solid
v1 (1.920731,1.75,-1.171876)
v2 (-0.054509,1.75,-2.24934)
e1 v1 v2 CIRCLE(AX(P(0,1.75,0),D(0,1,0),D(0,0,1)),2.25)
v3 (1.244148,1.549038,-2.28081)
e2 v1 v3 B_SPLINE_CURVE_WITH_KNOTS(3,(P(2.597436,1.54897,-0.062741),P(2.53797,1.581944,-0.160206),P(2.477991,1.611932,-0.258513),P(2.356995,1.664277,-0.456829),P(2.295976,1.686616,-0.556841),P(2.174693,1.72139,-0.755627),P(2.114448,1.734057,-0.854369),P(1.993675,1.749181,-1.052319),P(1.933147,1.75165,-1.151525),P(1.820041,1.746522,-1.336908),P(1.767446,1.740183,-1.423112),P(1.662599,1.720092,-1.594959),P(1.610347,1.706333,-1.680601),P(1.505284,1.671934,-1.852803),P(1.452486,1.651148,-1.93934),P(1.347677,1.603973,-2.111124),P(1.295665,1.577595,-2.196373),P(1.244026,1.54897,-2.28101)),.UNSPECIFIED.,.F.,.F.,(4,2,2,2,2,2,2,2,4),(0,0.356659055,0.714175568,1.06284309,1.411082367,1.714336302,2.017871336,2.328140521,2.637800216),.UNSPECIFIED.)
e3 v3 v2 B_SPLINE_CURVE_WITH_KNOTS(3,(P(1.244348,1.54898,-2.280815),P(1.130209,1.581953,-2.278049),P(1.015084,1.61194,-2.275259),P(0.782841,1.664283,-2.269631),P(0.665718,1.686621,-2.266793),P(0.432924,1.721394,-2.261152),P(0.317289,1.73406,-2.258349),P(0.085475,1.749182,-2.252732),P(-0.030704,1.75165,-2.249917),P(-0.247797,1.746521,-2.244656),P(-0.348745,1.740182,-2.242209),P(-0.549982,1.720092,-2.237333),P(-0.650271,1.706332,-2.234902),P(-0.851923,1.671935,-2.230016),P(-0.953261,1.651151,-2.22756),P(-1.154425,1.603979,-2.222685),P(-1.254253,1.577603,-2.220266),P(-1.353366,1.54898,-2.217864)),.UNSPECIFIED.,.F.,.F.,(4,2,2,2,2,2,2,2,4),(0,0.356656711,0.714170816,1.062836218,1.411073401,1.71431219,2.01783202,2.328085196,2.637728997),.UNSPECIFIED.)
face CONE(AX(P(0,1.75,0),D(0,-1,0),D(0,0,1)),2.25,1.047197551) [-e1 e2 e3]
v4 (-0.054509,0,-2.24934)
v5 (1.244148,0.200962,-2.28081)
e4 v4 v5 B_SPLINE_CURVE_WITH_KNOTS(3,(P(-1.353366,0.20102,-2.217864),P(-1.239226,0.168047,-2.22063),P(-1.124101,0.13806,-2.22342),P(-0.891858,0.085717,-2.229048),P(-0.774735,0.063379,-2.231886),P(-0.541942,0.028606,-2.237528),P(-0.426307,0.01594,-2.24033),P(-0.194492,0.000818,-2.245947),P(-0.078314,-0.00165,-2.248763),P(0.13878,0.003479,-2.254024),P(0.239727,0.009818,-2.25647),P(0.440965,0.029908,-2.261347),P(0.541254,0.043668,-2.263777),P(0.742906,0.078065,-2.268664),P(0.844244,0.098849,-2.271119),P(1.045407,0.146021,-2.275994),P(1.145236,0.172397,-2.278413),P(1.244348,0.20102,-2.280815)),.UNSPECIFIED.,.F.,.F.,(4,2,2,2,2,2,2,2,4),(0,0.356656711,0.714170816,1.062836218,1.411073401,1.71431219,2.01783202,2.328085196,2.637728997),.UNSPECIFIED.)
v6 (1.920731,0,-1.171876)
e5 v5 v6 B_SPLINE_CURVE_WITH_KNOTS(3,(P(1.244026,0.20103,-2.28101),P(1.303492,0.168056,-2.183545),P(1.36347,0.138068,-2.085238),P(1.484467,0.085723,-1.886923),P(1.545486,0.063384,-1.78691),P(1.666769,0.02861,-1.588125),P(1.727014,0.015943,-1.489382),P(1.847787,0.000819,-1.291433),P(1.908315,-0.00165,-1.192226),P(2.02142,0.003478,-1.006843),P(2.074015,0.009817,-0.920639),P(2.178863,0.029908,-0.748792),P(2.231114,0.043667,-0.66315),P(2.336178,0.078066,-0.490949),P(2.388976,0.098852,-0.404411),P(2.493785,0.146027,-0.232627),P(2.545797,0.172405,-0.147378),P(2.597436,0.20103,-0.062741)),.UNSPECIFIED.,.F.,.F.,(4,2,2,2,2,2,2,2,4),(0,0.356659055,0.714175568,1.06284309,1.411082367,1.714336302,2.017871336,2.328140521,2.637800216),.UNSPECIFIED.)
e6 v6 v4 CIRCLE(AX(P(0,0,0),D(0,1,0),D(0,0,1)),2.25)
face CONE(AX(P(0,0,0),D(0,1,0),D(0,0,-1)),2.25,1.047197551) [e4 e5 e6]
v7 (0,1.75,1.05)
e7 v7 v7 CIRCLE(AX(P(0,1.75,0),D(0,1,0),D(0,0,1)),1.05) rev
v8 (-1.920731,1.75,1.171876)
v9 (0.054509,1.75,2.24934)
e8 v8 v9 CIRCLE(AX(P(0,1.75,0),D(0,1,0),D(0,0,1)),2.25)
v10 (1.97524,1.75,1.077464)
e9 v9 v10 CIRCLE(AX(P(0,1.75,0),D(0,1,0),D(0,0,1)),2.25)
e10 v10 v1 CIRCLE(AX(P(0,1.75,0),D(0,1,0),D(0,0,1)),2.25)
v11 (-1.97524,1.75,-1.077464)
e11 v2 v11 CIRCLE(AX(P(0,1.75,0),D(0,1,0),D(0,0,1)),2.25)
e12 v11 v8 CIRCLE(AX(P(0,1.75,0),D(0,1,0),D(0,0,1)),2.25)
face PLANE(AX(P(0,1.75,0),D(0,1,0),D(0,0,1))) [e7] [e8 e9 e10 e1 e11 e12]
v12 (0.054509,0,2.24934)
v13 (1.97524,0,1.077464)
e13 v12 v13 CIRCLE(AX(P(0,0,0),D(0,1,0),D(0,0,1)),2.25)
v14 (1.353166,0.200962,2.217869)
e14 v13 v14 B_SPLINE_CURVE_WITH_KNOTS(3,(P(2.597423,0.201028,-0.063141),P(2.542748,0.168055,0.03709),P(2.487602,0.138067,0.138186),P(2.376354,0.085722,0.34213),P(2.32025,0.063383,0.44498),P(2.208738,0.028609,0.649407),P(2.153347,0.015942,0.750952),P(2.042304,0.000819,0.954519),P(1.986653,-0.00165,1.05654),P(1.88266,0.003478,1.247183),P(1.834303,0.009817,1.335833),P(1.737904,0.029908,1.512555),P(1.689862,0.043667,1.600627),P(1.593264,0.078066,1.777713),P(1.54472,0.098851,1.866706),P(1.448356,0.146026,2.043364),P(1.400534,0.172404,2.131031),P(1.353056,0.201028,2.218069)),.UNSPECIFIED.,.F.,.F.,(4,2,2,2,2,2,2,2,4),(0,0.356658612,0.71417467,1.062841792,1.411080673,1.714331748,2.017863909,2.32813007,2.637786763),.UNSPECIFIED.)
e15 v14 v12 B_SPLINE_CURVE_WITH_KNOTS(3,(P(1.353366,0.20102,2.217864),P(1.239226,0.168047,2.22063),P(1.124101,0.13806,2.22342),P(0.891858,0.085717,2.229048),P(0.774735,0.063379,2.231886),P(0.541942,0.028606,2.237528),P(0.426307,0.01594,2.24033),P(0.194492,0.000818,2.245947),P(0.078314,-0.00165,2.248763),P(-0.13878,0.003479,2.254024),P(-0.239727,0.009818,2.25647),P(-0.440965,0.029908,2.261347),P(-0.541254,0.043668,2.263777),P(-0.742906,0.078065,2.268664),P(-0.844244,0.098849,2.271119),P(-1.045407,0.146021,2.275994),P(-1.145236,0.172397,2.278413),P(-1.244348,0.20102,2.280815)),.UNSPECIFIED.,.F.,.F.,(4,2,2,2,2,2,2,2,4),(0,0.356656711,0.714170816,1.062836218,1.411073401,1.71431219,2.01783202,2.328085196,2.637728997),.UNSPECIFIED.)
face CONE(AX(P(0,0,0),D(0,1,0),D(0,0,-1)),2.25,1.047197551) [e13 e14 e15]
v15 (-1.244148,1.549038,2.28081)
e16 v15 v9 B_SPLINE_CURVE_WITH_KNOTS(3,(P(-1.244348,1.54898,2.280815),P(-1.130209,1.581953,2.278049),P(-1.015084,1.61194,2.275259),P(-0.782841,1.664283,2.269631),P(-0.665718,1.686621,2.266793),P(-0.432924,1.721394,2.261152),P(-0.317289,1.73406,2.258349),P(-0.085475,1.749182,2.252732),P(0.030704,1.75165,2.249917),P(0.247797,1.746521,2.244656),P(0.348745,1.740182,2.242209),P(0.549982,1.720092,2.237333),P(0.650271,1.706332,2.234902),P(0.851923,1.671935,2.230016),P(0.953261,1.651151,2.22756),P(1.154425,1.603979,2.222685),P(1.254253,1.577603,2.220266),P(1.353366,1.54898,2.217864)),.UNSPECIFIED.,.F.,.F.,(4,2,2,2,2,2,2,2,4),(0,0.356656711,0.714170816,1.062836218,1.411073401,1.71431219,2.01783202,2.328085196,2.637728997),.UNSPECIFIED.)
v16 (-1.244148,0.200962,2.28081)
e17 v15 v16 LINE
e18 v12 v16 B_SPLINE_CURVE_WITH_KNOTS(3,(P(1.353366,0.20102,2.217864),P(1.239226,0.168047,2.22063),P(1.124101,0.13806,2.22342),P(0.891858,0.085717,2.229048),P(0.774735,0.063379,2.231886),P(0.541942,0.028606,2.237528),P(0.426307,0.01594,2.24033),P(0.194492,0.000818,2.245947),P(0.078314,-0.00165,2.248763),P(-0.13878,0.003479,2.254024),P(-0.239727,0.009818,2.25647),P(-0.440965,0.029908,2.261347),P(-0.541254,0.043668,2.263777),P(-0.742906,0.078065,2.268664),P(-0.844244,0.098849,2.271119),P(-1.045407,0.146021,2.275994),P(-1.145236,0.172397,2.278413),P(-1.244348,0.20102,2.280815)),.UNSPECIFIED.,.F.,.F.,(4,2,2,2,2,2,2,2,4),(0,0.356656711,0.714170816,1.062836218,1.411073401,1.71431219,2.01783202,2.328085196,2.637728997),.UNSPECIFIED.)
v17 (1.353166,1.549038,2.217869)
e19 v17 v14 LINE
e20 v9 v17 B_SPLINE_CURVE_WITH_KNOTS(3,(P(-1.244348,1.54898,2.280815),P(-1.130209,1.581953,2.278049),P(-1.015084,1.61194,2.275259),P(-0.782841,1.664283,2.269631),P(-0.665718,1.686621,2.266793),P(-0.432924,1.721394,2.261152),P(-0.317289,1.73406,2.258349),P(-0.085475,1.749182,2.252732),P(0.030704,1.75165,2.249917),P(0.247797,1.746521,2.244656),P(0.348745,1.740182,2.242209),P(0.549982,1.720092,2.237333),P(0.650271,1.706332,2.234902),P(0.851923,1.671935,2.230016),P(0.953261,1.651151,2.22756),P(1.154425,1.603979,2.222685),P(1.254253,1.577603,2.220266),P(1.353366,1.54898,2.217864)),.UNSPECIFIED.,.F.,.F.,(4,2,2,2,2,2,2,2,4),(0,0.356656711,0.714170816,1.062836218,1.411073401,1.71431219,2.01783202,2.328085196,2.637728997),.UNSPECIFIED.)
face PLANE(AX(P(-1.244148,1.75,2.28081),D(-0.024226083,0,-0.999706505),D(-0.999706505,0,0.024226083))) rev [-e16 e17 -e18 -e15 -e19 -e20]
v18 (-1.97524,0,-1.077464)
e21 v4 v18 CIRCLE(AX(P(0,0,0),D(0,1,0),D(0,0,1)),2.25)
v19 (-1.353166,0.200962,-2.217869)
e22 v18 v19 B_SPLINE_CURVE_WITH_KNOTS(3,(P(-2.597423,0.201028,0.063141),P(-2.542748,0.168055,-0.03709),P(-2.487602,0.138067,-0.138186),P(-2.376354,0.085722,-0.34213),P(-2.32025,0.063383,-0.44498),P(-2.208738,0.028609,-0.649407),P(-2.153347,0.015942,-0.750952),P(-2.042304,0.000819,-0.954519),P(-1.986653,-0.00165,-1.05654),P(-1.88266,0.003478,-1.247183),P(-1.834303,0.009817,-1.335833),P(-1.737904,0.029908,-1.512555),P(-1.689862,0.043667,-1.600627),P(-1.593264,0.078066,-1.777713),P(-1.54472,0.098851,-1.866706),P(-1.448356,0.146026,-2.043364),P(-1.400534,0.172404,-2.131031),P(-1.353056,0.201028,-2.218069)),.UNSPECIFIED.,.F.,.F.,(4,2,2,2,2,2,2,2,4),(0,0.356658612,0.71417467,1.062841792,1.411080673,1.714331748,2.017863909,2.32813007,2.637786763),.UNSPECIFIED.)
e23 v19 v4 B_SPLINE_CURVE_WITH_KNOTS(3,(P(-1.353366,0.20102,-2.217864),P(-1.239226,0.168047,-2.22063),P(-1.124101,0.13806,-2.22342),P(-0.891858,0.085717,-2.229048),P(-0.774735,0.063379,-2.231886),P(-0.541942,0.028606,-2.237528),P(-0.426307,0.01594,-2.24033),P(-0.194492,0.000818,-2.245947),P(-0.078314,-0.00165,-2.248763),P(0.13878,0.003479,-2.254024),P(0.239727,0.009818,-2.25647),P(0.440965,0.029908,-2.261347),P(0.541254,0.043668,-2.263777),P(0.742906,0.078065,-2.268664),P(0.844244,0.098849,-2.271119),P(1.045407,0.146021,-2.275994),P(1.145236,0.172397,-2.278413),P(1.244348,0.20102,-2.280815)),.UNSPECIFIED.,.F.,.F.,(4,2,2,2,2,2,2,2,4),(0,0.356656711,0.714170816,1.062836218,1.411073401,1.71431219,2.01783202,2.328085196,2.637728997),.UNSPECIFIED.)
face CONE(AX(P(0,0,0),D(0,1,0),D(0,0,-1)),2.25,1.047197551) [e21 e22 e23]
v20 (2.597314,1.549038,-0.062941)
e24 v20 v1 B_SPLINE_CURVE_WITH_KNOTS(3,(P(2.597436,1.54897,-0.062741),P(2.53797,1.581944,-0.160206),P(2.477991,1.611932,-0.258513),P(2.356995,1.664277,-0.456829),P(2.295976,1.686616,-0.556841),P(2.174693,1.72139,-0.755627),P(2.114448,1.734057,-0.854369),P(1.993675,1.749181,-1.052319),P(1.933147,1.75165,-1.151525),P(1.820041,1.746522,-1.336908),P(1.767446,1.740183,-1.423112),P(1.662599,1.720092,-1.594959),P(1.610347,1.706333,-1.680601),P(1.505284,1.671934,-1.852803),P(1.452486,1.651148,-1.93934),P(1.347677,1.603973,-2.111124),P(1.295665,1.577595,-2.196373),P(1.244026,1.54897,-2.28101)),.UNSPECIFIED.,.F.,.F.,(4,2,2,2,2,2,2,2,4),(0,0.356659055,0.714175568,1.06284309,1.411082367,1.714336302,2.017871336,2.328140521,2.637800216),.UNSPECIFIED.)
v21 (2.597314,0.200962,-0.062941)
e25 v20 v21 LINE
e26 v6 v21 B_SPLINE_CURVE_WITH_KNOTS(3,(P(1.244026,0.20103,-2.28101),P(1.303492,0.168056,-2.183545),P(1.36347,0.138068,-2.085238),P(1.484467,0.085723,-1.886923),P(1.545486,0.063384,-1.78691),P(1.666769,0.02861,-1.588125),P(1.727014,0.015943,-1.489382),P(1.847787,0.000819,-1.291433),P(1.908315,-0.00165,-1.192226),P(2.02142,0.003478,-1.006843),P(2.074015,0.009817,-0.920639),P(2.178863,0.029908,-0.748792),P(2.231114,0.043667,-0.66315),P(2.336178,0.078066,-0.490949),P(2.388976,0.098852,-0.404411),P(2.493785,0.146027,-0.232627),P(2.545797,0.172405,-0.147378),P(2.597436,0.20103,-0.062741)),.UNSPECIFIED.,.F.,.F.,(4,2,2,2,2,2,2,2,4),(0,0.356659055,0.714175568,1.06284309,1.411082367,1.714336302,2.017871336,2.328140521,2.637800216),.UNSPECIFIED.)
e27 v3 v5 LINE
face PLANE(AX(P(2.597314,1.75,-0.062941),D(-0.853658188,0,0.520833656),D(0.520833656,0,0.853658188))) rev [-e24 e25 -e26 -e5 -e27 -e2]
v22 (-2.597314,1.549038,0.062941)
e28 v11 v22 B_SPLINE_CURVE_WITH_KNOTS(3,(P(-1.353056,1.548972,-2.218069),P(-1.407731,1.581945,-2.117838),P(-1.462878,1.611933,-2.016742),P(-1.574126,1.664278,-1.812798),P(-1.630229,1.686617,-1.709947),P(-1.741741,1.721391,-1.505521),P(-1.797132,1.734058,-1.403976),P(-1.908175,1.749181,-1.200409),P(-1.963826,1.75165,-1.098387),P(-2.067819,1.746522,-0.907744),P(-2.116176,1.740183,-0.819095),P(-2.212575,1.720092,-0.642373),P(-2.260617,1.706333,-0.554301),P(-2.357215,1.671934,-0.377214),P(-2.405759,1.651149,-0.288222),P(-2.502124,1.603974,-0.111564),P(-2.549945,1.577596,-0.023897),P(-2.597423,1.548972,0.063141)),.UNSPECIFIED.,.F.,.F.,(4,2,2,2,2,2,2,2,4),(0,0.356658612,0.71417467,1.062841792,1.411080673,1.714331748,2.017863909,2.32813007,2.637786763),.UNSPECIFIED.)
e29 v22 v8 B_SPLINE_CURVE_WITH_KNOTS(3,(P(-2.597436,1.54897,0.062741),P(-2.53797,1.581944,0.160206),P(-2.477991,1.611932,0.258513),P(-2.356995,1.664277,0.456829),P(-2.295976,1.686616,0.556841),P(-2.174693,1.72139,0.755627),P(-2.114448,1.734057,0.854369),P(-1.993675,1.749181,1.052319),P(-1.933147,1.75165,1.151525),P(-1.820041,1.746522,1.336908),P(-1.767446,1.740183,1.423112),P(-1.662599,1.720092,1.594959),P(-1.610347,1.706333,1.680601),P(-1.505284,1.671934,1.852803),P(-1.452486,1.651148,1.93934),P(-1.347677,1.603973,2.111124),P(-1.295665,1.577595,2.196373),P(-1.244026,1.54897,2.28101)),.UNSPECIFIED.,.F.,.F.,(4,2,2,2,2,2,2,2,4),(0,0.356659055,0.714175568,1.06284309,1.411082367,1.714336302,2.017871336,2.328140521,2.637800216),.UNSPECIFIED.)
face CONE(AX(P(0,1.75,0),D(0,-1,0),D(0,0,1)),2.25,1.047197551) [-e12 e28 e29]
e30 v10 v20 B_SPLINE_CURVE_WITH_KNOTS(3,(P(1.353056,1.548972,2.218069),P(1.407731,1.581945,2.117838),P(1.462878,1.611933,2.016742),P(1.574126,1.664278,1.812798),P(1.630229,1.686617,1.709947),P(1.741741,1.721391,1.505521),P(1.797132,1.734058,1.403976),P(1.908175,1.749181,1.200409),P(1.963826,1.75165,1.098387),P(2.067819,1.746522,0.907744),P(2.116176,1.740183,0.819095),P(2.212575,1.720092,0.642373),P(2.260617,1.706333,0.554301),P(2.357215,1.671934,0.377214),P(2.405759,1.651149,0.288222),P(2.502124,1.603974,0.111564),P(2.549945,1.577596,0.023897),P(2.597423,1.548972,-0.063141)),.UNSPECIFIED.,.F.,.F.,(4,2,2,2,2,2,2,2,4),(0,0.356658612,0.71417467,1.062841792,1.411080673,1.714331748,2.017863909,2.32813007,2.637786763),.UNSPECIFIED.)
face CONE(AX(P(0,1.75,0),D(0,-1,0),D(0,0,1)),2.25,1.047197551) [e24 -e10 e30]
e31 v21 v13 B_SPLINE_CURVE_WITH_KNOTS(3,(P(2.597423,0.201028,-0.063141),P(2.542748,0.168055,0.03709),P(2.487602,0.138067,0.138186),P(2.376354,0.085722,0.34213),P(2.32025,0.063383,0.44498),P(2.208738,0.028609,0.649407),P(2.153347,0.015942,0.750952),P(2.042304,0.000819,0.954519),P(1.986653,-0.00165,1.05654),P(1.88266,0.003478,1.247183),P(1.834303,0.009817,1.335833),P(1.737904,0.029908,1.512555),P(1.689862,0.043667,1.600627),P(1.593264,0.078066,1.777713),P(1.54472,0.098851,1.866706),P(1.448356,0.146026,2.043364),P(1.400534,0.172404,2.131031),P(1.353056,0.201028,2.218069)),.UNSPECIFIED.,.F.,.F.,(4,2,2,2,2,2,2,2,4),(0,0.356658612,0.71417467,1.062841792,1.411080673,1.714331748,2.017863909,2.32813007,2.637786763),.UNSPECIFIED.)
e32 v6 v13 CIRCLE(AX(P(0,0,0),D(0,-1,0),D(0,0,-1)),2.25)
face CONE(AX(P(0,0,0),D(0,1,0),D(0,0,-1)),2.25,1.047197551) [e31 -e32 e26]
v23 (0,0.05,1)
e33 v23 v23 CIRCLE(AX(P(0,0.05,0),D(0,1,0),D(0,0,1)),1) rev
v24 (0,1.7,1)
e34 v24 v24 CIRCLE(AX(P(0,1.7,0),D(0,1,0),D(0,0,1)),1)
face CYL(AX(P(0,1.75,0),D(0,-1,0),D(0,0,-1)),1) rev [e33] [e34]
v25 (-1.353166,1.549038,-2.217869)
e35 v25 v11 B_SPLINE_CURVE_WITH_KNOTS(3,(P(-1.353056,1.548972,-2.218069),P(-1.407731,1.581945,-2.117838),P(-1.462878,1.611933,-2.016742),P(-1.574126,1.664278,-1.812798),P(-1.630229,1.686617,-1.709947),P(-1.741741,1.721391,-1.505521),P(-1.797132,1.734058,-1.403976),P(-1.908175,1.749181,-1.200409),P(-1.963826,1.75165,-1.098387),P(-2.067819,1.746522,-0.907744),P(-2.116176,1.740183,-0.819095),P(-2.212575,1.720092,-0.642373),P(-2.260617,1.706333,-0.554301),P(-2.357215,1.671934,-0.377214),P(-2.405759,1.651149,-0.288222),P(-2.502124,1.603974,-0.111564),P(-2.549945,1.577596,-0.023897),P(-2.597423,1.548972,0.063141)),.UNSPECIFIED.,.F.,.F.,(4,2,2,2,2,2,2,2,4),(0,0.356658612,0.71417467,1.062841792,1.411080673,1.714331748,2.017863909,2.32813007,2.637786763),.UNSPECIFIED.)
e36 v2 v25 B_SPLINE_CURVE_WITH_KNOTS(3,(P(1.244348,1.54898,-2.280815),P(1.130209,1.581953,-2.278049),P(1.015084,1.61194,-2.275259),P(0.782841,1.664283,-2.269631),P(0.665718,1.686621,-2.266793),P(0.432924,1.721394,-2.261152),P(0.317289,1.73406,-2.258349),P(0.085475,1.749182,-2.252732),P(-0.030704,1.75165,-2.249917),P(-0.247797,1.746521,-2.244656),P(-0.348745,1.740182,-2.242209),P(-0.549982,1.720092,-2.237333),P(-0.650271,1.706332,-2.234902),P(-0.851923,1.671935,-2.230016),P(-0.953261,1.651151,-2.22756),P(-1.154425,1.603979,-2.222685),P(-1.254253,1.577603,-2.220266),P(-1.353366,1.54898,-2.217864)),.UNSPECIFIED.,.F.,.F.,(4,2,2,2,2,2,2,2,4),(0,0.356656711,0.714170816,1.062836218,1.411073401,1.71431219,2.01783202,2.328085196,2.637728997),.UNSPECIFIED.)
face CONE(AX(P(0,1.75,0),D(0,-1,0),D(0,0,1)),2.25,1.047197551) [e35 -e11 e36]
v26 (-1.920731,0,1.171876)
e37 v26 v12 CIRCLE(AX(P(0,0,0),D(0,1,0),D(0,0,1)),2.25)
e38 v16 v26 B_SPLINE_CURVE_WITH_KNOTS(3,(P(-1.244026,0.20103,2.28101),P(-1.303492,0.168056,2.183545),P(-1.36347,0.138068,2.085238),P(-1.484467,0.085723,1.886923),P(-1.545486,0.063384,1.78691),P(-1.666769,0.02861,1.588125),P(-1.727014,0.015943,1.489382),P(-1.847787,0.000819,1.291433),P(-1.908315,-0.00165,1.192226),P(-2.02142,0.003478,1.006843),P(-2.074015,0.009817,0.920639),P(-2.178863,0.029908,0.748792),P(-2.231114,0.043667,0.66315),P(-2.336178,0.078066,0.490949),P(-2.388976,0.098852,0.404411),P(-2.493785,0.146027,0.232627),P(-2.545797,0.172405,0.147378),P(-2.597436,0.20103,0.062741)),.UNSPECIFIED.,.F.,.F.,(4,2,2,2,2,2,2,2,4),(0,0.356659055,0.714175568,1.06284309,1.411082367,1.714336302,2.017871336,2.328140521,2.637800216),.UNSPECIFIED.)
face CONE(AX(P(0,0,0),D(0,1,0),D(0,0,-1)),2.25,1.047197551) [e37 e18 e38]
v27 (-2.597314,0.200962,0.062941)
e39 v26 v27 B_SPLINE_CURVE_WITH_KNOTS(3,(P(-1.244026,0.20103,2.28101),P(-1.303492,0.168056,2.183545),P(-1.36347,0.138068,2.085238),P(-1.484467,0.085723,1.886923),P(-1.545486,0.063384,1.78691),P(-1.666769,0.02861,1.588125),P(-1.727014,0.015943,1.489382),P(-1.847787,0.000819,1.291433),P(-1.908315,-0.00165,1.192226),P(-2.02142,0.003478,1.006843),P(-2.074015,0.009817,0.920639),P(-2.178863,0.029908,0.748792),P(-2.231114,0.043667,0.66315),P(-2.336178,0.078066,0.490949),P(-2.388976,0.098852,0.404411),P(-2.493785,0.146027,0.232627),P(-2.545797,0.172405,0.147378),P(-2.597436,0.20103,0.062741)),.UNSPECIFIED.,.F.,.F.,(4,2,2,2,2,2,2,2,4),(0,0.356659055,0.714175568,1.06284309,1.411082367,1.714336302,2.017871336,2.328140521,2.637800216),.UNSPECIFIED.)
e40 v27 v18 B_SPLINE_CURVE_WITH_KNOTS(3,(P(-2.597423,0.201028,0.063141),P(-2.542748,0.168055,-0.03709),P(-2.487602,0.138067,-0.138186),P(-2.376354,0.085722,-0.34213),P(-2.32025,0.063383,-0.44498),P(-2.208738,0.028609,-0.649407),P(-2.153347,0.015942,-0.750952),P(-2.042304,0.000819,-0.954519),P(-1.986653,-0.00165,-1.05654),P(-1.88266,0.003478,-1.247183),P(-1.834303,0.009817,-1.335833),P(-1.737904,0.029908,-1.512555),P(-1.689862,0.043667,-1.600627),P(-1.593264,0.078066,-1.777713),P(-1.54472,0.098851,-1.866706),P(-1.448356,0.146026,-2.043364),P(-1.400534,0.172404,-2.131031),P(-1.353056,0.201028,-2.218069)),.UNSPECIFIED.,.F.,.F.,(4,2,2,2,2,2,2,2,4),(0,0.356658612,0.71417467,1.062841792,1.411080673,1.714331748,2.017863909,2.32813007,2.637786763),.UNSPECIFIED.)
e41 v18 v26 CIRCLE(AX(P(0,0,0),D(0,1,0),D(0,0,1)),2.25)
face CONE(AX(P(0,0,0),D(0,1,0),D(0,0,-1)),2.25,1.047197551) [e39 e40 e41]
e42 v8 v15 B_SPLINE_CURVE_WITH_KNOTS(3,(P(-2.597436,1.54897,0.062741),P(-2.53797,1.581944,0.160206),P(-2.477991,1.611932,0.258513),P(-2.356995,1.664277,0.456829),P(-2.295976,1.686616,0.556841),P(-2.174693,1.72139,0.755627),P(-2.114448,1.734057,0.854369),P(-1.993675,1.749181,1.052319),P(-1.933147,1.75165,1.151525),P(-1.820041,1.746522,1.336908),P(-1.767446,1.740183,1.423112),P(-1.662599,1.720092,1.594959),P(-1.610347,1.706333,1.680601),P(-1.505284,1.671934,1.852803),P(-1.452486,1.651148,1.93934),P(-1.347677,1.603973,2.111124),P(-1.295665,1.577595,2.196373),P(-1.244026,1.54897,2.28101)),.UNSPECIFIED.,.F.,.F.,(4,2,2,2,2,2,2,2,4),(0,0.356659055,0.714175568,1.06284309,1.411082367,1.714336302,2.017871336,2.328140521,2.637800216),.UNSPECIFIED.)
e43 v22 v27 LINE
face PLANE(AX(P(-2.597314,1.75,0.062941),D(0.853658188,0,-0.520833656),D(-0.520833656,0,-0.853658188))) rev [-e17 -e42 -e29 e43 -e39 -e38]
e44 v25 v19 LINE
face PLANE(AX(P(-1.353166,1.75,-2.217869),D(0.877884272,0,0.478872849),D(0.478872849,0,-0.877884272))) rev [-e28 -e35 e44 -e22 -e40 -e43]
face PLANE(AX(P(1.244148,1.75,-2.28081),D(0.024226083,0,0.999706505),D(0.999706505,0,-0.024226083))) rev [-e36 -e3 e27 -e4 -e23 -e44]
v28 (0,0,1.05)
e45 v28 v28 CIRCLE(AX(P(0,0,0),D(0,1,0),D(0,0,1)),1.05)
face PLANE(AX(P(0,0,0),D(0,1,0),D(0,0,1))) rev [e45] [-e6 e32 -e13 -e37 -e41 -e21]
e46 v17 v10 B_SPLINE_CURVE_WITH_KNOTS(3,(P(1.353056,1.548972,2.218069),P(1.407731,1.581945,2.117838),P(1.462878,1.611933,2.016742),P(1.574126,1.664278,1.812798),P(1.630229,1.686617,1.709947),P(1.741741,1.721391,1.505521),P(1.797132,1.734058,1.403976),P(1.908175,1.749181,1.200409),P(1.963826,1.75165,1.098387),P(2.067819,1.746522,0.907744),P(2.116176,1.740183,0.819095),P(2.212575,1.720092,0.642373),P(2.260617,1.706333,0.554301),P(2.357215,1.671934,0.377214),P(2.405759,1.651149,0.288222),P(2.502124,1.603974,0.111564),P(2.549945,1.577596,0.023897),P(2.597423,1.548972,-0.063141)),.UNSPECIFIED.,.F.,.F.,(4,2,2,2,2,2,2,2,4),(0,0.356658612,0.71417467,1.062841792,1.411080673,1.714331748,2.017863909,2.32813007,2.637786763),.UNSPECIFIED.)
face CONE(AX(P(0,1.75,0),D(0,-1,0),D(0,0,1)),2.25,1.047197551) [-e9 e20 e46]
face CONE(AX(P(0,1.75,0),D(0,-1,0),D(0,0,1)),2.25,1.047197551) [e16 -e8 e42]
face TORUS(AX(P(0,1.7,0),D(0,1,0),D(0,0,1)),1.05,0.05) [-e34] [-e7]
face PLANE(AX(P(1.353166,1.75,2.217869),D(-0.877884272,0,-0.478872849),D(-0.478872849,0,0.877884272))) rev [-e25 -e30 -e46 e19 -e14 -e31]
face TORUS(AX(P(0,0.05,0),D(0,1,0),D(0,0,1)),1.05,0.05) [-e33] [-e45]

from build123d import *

# Parameters (mm, degrees)
SKETCH1_R           = 1
BOSS_EXTRUDE1_DEPTH = 1.75
SKETCH3_OUTSIDE_W   = 14.682
SKETCH3_OUTSIDE_H   = 14.05
SKETCH3_OUTSIDE_R   = 2.25
CUT_EXTRUDE2_DEPTH  = 1.75
CUT_EXTRUDE2_TAPER  = 60
SKETCH4_OUTSIDE_W   = 14.682
SKETCH4_OUTSIDE_H   = 14.05
SKETCH4_OUTSIDE_R   = 2.25
CUT_EXTRUDE3_DEPTH  = 1.75
CUT_EXTRUDE3_TAPER  = 60
FILLET1_R           = 0.05


with BuildPart() as part:
    # Sketch1 → Boss-Extrude1 (new body)
    with BuildSketch(Plane(origin=(0, 0, 0), x_dir=(1, 0, 0), z_dir=(0, 1, 0))):
        Polygon((1.353165533, -2.217869032), (2.59731369, 0.062941211), (1.244148157, 2.280810243), (-1.353165533, 2.217869032), (-2.59731369, -0.062941211), (-1.244148157, -2.280810243), align=None)
        Circle(SKETCH1_R, mode=Mode.SUBTRACT)
    extrude(amount=BOSS_EXTRUDE1_DEPTH)

    # Sketch3 outside → Cut-Extrude2 (cut)
    with BuildSketch(Plane(origin=(0, 1.75, 0), x_dir=(1, 0, 0), z_dir=(0, 1, 0))):
        Rectangle(SKETCH3_OUTSIDE_W, SKETCH3_OUTSIDE_H)
        Circle(SKETCH3_OUTSIDE_R, mode=Mode.SUBTRACT)
    extrude(amount=-CUT_EXTRUDE2_DEPTH, taper=CUT_EXTRUDE2_TAPER, mode=Mode.SUBTRACT)

    # Sketch4 outside → Cut-Extrude3 (cut)
    with BuildSketch(Plane.XZ):
        Rectangle(SKETCH4_OUTSIDE_W, SKETCH4_OUTSIDE_H)
        Circle(SKETCH4_OUTSIDE_R, mode=Mode.SUBTRACT)
    extrude(amount=-CUT_EXTRUDE3_DEPTH, taper=CUT_EXTRUDE3_TAPER, mode=Mode.SUBTRACT)

    # Fillet1
    fillet1_edges = [part.edges().sort_by_distance(p)[0] for p in [
        (-1, 0, 0),
        (-1, 1.75, 0),
    ]]
    fillet(fillet1_edges, radius=FILLET1_R)


solid = part.part
